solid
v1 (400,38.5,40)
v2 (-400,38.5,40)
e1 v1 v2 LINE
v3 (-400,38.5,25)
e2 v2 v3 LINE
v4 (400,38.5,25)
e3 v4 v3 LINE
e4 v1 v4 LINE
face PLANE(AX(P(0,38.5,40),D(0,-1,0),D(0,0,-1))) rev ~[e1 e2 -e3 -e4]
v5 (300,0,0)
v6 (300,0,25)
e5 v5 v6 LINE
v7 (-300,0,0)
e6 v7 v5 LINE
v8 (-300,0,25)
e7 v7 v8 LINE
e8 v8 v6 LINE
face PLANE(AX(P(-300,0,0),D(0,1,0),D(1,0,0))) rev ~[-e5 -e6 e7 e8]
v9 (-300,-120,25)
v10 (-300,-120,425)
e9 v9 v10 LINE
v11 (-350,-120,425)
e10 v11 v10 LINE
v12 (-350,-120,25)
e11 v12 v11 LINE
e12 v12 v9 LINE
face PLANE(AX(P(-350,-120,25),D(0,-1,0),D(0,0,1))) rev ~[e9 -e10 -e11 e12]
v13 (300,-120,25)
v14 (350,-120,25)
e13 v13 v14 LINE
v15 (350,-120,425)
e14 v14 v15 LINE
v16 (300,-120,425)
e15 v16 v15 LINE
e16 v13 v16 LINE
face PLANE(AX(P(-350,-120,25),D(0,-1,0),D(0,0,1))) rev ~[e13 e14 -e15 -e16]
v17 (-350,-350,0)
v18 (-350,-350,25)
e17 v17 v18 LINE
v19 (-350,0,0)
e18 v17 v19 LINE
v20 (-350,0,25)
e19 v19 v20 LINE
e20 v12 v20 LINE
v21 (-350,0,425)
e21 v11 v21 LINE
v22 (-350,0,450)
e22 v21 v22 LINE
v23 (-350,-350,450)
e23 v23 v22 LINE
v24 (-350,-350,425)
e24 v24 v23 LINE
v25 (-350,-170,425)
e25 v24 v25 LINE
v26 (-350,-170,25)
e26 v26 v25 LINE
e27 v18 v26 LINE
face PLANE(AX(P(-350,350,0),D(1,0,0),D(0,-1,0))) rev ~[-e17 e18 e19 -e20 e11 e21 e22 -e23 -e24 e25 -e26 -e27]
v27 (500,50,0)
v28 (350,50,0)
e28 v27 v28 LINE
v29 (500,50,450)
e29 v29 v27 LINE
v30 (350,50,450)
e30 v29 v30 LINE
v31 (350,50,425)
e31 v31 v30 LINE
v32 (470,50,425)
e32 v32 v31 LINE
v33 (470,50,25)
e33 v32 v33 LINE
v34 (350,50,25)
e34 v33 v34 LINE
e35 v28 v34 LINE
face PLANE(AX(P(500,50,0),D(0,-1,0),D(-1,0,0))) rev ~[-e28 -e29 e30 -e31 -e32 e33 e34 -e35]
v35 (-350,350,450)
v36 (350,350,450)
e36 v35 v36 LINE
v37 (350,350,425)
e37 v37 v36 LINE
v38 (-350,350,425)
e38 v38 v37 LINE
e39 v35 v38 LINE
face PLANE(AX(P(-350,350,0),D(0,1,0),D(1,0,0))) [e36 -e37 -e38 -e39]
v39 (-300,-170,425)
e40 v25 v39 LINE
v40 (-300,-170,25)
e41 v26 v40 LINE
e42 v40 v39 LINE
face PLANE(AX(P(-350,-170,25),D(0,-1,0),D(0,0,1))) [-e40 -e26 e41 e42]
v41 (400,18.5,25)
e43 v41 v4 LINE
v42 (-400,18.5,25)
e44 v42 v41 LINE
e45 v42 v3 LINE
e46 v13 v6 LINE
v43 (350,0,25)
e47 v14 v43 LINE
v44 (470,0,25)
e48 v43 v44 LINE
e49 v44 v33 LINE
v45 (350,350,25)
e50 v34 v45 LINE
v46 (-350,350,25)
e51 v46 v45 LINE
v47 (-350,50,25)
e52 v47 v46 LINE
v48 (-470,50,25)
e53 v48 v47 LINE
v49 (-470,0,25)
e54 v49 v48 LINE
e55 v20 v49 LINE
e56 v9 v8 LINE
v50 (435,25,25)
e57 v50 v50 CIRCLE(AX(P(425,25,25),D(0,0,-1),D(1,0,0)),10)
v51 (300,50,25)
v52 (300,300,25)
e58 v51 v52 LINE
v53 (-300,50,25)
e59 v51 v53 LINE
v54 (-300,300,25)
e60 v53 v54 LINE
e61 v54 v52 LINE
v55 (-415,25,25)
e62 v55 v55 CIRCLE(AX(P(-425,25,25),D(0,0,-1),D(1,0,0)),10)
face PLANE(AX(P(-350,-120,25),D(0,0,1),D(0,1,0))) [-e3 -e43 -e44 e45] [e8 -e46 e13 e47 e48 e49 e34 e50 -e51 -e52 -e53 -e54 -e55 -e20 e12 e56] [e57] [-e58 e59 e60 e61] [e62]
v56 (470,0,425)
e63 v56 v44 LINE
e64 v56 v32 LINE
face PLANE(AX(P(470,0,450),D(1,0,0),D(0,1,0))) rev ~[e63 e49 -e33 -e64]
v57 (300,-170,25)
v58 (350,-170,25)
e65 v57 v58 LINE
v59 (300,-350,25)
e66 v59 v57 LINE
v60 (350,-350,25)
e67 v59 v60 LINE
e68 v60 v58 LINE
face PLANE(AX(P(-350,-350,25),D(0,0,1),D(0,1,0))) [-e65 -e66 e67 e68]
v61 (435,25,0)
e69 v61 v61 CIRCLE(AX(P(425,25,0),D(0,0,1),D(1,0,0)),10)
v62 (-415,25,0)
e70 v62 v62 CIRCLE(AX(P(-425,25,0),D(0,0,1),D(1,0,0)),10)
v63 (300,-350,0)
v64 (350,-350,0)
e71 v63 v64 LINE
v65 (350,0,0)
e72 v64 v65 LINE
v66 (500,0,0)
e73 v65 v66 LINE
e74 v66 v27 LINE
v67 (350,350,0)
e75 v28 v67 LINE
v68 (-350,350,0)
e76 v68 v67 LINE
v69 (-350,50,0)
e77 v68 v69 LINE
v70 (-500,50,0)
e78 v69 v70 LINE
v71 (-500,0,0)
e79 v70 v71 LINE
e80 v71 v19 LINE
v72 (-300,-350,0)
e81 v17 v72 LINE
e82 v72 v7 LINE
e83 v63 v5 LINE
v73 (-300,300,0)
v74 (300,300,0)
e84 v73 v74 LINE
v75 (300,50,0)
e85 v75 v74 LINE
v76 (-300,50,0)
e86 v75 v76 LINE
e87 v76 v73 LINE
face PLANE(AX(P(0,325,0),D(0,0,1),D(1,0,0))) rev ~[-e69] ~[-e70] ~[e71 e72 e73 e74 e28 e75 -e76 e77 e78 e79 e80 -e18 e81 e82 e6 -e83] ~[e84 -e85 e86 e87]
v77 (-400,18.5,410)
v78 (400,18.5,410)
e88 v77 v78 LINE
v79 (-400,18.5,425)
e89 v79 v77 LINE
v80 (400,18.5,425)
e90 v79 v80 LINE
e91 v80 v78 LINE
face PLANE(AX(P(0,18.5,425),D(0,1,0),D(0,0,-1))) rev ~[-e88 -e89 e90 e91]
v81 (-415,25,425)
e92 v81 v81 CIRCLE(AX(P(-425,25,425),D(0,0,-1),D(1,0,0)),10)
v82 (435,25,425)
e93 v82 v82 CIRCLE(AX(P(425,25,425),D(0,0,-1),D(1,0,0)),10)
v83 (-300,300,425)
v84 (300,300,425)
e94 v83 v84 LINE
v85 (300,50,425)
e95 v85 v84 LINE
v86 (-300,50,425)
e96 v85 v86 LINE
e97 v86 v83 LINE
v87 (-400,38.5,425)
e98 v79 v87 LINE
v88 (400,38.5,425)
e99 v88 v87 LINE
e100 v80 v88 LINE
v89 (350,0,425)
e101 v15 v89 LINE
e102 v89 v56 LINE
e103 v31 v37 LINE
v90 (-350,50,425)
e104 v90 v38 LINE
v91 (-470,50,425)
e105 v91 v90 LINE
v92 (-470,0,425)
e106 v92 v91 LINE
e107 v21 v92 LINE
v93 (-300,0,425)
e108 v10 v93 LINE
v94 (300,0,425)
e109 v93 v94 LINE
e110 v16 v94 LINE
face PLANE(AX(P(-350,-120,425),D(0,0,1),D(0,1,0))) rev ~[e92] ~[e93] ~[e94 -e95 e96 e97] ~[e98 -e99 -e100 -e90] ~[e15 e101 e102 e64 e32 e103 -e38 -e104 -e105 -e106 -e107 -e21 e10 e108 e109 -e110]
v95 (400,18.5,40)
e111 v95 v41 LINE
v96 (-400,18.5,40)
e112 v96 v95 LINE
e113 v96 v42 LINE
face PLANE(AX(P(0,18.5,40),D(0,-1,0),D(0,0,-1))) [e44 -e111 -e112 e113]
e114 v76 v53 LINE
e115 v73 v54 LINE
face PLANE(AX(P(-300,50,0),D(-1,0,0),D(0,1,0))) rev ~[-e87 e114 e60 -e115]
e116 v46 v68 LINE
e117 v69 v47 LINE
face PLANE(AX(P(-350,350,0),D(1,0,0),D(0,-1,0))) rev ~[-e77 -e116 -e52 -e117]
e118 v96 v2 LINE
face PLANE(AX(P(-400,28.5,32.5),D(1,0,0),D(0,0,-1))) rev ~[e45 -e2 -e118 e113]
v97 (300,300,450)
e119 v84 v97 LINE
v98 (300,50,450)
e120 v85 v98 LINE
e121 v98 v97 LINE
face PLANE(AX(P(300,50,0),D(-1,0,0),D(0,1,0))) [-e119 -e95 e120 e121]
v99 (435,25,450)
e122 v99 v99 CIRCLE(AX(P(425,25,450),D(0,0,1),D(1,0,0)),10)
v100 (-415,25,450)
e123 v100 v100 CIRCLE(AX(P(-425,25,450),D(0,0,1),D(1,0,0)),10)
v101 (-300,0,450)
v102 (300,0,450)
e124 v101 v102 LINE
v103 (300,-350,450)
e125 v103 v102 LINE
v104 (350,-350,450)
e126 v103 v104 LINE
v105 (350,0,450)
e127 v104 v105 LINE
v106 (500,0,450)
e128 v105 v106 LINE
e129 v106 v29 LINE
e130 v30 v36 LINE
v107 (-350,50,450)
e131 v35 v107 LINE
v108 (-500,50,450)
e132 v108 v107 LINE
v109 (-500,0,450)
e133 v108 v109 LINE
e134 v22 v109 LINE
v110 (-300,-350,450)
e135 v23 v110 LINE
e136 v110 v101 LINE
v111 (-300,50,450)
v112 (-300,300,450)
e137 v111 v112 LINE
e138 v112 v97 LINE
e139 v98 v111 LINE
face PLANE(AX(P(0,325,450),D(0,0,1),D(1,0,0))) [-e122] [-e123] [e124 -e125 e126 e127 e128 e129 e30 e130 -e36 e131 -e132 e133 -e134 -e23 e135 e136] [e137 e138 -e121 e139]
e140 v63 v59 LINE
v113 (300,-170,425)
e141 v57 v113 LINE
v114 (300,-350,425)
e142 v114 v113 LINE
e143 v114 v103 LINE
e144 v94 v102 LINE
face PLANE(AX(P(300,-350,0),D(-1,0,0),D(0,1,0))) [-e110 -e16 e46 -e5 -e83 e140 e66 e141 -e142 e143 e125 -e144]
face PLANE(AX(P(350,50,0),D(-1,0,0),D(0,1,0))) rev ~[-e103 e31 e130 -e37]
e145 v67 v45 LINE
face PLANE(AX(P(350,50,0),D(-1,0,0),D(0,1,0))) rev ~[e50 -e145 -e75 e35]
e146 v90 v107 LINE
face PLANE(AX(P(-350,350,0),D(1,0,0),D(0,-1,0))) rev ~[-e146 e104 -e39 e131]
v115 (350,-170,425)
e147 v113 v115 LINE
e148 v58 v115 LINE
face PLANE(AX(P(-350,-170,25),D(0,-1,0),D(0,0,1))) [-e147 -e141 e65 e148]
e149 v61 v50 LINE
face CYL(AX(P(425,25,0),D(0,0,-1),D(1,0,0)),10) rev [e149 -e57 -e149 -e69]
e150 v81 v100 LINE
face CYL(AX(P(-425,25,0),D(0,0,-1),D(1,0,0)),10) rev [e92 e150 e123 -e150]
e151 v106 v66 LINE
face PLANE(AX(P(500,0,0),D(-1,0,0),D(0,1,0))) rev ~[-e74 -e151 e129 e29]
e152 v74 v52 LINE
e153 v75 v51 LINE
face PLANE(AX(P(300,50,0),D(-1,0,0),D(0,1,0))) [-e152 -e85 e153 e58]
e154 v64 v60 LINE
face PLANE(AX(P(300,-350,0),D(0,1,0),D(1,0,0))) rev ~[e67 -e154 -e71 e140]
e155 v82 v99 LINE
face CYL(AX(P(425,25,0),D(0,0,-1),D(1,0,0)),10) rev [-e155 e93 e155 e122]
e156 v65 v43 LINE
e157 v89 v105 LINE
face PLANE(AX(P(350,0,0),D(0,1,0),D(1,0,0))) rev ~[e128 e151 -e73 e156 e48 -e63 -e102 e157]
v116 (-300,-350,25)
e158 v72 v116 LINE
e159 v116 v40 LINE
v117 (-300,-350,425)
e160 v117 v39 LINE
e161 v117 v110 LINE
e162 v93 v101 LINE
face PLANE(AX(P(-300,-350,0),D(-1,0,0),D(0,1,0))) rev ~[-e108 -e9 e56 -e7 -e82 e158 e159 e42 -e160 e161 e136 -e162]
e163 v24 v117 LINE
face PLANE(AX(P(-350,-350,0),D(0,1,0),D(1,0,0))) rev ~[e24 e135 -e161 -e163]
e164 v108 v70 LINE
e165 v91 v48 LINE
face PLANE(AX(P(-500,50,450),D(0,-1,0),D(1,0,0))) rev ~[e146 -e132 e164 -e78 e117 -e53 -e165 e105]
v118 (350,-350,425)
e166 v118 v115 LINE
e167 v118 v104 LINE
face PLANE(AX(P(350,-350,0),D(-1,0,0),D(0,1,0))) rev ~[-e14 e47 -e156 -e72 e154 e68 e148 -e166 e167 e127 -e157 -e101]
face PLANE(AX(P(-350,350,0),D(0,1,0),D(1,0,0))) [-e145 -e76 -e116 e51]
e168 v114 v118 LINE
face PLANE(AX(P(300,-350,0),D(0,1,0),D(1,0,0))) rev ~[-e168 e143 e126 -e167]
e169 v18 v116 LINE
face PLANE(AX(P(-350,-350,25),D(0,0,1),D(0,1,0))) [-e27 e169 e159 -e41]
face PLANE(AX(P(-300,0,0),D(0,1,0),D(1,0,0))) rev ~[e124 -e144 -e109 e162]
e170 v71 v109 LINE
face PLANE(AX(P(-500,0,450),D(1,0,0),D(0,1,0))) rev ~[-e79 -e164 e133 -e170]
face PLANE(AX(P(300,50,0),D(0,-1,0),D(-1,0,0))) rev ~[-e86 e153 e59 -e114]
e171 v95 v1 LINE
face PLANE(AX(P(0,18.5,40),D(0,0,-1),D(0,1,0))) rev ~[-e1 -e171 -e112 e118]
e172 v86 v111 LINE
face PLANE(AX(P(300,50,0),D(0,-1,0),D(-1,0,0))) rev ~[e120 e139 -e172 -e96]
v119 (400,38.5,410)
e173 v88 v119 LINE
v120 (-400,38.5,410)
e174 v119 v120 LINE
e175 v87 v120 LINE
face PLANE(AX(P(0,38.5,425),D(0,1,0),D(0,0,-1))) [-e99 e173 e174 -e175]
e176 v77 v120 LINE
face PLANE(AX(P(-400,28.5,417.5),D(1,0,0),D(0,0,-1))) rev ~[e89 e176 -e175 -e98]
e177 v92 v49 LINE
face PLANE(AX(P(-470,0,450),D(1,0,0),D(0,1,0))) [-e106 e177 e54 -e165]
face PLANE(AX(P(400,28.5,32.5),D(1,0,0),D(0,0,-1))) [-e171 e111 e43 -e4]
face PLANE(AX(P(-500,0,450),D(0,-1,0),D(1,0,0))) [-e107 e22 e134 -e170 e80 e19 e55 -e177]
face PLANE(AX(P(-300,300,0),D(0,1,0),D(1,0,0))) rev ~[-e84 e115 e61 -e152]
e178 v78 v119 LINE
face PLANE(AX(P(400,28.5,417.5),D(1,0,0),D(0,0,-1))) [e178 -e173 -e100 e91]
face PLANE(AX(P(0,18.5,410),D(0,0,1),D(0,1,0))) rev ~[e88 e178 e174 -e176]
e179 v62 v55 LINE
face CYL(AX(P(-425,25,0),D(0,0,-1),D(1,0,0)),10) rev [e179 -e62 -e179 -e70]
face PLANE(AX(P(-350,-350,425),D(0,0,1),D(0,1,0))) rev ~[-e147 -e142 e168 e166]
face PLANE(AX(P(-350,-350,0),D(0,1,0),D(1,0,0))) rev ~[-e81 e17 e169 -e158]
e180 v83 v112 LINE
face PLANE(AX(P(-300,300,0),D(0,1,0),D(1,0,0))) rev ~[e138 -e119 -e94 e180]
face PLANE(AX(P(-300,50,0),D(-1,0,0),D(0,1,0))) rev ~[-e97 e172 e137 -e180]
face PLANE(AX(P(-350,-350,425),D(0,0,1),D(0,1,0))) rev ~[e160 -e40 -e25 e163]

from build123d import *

# Parameters (mm, degrees)
CROQUIS1_W                   = 700
CROQUIS1_H                   = 50
CROQUIS1_W_2                 = 50
CROQUIS1_H_2                 = 250
CROQUIS1_H_3                 = 350
CROQUIS1_R                   = 10
SALIENTE_EXTRUIR1_DEPTH      = 450
CROQUIS4_W                   = 400
CROQUIS4_H                   = 470
CROQUIS4_H_2                 = 180
CORTAR_EXTRUIR1_DEPTH        = 151
CORTAR_EXTRUIR1_DEPTH_BACK   = 851
CROQUIS5_W                   = 30
CROQUIS5_H                   = 50
SALIENTE_EXTRUIR2_DEPTH      = 425
CROQUIS6_W                   = 15
CROQUIS6_H                   = 20
SALIENTE_EXTRUIR3_DEPTH      = 400
SALIENTE_EXTRUIR3_DEPTH_BACK = 400


with BuildPart() as part:
    # Croquis1 → Saliente-Extruir1 (new body)
    with BuildSketch(Plane.XY):
        with Locations((0, 325)):
            Rectangle(CROQUIS1_W, CROQUIS1_H)
        with Locations((325, 175)):
            Rectangle(CROQUIS1_W_2, CROQUIS1_H_2)
        with Locations((-325, 175)):
            Rectangle(CROQUIS1_W_2, CROQUIS1_H_2)
        with Locations((-325, -175)):
            Rectangle(CROQUIS1_W_2, CROQUIS1_H_3)
        with Locations((325, -175)):
            Rectangle(CROQUIS1_W_2, CROQUIS1_H_3)
        Polygon((-500, 50), (-500, 0), (-350, 0), (-300, 0), (300, 0), (350, 0), (500, 0), (500, 50), (350, 50), (300, 50), (-300, 50), (-350, 50), align=None)
        with Locations((-425, 25)):
            Circle(CROQUIS1_R, mode=Mode.SUBTRACT)
        with Locations((425, 25)):
            Circle(CROQUIS1_R, mode=Mode.SUBTRACT)
    extrude(amount=SALIENTE_EXTRUIR1_DEPTH)

    # Croquis4 → Cortar-Extruir1 (cut, two sides)
    with BuildSketch(Plane.ZY.offset(350)) as cortar_extruir1_sk:
        with Locations((225, 115)):
            Rectangle(CROQUIS4_W, CROQUIS4_H)
        with Locations((225, -260)):
            Rectangle(CROQUIS4_W, CROQUIS4_H_2)
    extrude(amount=CORTAR_EXTRUIR1_DEPTH, mode=Mode.SUBTRACT)
    extrude(cortar_extruir1_sk.sketch, amount=-CORTAR_EXTRUIR1_DEPTH_BACK, mode=Mode.SUBTRACT)

    # Croquis5 → Saliente-Extruir2 (add)
    with BuildSketch(Plane.XY.offset(450)):
        with Locations((-485, 25)):
            Rectangle(CROQUIS5_W, CROQUIS5_H)
        with Locations((485, 25)):
            Rectangle(CROQUIS5_W, CROQUIS5_H)
    extrude(amount=-SALIENTE_EXTRUIR2_DEPTH)

    # Croquis6 → Saliente-Extruir3 (add, two sides)
    with BuildSketch(Plane(origin=(0, 0, 0), x_dir=(0, 0, -1), z_dir=(1, 0, 0))) as saliente_extruir3_sk:
        with Locations((-32.5, 28.5)):
            Rectangle(CROQUIS6_W, CROQUIS6_H)
        with Locations((-417.5, 28.5)):
            Rectangle(CROQUIS6_W, CROQUIS6_H)
    extrude(amount=SALIENTE_EXTRUIR3_DEPTH)
    extrude(saliente_extruir3_sk.sketch, amount=-SALIENTE_EXTRUIR3_DEPTH_BACK)


solid = part.part
